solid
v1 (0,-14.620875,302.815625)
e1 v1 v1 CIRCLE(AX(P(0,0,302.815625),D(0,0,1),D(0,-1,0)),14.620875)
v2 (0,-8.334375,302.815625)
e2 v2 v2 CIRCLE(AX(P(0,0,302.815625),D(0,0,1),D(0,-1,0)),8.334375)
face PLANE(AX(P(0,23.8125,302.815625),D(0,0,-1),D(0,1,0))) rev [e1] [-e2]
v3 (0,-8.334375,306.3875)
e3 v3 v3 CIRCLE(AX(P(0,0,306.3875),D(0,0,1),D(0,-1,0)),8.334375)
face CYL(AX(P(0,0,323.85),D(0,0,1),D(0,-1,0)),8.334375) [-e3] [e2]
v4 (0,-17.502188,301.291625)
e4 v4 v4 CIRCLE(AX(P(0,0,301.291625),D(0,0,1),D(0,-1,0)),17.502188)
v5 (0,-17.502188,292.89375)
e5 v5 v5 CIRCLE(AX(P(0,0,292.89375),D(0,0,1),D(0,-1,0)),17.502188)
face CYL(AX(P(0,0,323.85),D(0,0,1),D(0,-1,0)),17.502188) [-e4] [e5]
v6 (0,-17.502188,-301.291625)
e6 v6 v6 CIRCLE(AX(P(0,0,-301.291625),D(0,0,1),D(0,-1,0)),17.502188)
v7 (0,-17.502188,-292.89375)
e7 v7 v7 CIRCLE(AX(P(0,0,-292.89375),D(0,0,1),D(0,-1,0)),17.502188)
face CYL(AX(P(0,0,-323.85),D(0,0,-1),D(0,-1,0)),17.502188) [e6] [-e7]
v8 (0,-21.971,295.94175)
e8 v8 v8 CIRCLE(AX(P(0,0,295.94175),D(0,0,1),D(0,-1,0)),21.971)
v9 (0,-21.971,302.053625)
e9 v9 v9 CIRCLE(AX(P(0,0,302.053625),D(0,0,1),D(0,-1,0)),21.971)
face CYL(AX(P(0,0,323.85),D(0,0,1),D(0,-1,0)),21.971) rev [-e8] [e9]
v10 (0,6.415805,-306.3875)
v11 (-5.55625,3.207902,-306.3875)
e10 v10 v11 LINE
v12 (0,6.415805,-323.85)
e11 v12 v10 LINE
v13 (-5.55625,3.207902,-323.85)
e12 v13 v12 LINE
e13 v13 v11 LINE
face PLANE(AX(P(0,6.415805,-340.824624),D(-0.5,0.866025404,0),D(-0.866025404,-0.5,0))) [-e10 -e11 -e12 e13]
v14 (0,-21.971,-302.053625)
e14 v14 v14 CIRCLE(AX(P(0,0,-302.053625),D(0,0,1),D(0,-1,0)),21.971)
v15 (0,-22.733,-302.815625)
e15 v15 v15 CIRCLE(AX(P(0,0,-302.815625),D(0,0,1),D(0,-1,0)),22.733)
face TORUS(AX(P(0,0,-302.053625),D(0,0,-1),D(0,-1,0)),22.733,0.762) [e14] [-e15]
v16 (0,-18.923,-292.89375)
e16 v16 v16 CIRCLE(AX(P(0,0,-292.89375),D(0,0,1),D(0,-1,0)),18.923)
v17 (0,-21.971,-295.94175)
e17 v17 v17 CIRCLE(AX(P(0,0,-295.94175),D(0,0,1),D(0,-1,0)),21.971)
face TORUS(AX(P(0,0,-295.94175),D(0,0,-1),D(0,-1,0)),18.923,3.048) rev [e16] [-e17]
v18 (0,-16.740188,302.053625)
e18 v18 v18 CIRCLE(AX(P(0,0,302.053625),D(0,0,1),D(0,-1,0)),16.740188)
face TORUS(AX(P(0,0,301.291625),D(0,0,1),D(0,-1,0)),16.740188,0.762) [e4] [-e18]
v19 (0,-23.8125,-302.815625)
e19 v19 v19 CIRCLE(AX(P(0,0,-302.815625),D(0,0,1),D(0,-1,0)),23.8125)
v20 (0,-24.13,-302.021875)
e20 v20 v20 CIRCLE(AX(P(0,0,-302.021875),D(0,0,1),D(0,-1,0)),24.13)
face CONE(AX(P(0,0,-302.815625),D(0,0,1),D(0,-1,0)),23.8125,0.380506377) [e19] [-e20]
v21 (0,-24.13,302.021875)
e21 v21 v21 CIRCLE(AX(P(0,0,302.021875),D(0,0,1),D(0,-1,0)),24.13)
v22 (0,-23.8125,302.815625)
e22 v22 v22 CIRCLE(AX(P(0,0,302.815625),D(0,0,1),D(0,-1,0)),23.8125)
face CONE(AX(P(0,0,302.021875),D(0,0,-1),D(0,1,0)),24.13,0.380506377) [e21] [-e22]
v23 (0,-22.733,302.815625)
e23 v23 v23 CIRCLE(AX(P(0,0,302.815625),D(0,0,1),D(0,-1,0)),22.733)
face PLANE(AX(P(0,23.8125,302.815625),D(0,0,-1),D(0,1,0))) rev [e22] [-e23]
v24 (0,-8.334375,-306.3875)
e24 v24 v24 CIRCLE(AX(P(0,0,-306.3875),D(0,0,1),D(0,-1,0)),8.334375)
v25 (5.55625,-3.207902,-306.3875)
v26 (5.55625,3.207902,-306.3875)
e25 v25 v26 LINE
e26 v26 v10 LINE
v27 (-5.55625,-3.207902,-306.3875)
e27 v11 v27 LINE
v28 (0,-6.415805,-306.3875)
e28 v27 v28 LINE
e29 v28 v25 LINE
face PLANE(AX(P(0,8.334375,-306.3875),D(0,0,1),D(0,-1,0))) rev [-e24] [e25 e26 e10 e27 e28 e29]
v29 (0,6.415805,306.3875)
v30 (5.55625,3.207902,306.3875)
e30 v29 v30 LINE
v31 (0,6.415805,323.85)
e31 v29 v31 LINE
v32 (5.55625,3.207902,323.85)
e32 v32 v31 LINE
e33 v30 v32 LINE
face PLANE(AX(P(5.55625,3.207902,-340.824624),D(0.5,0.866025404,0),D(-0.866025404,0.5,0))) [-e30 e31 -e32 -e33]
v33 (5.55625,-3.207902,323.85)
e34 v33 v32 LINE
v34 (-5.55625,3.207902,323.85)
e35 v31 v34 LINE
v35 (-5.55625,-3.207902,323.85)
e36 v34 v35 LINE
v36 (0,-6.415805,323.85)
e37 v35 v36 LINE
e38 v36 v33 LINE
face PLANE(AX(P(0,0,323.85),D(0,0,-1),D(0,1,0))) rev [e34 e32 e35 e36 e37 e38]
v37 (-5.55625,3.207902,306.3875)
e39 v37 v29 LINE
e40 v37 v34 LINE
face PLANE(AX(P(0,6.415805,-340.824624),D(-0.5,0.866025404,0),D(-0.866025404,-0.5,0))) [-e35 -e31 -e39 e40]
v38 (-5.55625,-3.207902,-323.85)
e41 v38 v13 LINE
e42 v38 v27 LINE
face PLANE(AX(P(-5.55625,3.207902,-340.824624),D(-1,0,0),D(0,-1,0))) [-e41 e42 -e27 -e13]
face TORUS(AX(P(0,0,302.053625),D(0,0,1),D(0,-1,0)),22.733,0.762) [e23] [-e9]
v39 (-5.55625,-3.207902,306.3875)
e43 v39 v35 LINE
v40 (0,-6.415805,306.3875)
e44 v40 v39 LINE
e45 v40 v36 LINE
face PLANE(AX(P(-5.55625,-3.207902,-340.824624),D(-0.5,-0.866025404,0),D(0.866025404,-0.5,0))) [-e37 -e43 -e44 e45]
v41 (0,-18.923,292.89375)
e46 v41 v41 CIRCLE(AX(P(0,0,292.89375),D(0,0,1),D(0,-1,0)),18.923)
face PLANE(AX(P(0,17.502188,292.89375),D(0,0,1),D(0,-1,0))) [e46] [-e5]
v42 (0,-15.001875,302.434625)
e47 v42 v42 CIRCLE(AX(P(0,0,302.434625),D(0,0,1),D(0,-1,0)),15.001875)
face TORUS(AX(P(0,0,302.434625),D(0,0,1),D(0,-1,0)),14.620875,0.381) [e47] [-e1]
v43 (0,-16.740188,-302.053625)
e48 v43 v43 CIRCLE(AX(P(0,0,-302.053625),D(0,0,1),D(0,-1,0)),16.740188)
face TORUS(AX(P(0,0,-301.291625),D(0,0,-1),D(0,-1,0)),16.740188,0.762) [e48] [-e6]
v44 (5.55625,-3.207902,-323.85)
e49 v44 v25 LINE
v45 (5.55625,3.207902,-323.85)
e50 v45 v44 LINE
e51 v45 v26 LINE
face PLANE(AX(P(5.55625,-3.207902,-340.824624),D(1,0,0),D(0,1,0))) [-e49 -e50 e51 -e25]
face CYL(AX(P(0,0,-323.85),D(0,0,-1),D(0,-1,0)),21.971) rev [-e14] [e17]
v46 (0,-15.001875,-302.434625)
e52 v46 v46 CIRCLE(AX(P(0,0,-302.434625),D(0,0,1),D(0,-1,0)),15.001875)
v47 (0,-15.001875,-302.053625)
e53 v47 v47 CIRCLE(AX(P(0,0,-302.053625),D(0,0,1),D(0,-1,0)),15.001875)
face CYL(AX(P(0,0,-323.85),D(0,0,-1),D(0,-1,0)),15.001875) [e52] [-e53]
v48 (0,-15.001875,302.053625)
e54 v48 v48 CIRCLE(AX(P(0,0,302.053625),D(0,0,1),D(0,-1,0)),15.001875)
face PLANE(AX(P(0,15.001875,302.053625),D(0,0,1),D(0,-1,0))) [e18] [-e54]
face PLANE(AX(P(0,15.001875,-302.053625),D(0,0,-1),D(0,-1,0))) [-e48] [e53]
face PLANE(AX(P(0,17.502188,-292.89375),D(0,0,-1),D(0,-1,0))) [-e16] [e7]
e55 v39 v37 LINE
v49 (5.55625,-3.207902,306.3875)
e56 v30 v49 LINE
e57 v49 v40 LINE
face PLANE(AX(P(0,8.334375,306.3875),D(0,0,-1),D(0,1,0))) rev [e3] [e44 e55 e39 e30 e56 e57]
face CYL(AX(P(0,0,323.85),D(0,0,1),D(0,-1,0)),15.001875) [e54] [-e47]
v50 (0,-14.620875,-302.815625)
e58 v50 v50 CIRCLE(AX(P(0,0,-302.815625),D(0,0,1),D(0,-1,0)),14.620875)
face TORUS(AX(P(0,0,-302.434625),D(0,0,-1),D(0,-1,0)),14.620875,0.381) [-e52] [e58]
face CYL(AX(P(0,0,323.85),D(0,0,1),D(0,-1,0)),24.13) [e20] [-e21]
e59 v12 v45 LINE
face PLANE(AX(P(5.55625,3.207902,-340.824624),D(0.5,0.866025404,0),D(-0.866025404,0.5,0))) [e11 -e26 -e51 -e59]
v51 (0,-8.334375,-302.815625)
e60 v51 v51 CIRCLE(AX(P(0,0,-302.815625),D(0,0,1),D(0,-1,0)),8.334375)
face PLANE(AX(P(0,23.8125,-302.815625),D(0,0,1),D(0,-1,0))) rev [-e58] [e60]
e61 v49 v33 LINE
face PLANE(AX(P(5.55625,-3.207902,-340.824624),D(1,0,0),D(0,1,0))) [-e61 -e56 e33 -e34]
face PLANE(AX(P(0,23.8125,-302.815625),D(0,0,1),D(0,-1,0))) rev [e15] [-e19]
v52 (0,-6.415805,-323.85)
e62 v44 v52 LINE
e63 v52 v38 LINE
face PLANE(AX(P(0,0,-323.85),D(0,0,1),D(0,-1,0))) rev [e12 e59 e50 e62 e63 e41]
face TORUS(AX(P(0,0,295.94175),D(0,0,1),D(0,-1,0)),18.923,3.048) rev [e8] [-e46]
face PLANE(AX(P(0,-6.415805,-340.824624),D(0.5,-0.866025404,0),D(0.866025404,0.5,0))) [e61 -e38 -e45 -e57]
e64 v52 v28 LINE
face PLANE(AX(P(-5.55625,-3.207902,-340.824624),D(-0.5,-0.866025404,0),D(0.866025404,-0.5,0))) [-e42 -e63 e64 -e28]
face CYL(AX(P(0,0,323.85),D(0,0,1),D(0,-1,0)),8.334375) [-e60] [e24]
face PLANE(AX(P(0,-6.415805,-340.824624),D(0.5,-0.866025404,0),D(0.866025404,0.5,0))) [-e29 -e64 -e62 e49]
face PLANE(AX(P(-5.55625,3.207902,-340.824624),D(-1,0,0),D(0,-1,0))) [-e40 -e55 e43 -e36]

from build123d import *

# Parameters (mm, degrees)
BOSS_EXTRUDE1_REACH = 650.598


with BuildPart() as part:
    # Sketch3 → Revolve1 (revolve)
    with BuildSketch(Plane(origin=(0, 0, 0), x_dir=(0, 0, -1), z_dir=(1, 0, 0)), mode=Mode.PRIVATE) as revolve1_sk:
        Polygon((323.85, 5.55625), (306.3875, 5.55625), (306.3875, 8.334375), (302.815625, 8.334375), (302.815625, 23.8125), (302.021875, 24.13), (-302.021875, 24.13), (-302.815625, 23.8125), (-302.815625, 8.334375), (-306.3875, 8.334375), (-306.3875, 5.55625), (-323.85, 5.55625), (-323.85, 0), (323.85, 0), align=None)
    revolve(revolve1_sk.sketch.rotate(Axis((0, 0, 323.85), (0, 0, -1)), 180), axis=Axis((0, 0, 323.85), (0, 0, -1)))

    # Boss-Extrude1: up to this face of the body (flat: up to its plane)
    boss_extrude1_end = Plane(part.part.faces().sort_by_distance((0, 0, -323.85))[0])
    # Sketch4 → Boss-Extrude1 (add, up to the picked face)
    with BuildSketch(Plane.XY.offset(323.85), mode=Mode.PRIVATE) as boss_extrude1_sk1:
        Polygon((0, 6.415804866), (-5.55625, 3.207902433), (-5.55625, -3.207902433), (0, -6.415804866), (5.55625, -3.207902433), (5.55625, 3.207902433), align=None)
    boss_extrude1_tool1 = split(extrude(boss_extrude1_sk1.sketch, amount=-BOSS_EXTRUDE1_REACH, mode=Mode.PRIVATE), bisect_by=boss_extrude1_end, keep=Keep.BOTH, mode=Mode.PRIVATE)
    add(boss_extrude1_tool1.solids().sort_by(Axis((0, 0, 323.85), (0, 0, -1)))[0])

    # Sketch6 → Cut-Revolve1 (revolve, cut)
    with BuildSketch(Plane(origin=(0, 0, 0), x_dir=(0, 0, -1), z_dir=(1, 0, 0)), mode=Mode.PRIVATE) as cut_revolve1_sk:
        with BuildLine():
            Line((-295.94175, 21.971), (-302.053625, 21.971))
            ThreePointArc((-302.053625, 21.971), (-302.592440367, 22.194184633), (-302.815625, 22.733))
            Line((-302.815625, 22.733), (-302.815625, 14.620875))
            ThreePointArc((-302.815625, 14.620875), (-302.704032684, 14.890282684), (-302.434625, 15.001875))
            Line((-302.434625, 15.001875), (-302.053625, 15.001875))
            Line((-302.053625, 15.001875), (-302.053625, 16.7401875))
            ThreePointArc((-302.053625, 16.7401875), (-301.830440367, 17.279002867), (-301.291625, 17.5021875))
            Line((-301.291625, 17.5021875), (-292.89375, 17.5021875))
            Line((-292.89375, 17.5021875), (-292.89375, 18.923))
            ThreePointArc((-292.89375, 18.923), (-293.786488531, 21.078261469), (-295.94175, 21.971))
        make_face()
    cut_revolve1 = revolve(cut_revolve1_sk.sketch.rotate(Axis((0, 0, 323.85), (0, 0, -1)), 180), axis=Axis((0, 0, 323.85), (0, 0, -1)), mode=Mode.SUBTRACT)

    # Mirror2: Cut-Revolve1 across plane
    add(cut_revolve1.mirror(Plane.XY), mode=Mode.SUBTRACT)


solid = part.part
